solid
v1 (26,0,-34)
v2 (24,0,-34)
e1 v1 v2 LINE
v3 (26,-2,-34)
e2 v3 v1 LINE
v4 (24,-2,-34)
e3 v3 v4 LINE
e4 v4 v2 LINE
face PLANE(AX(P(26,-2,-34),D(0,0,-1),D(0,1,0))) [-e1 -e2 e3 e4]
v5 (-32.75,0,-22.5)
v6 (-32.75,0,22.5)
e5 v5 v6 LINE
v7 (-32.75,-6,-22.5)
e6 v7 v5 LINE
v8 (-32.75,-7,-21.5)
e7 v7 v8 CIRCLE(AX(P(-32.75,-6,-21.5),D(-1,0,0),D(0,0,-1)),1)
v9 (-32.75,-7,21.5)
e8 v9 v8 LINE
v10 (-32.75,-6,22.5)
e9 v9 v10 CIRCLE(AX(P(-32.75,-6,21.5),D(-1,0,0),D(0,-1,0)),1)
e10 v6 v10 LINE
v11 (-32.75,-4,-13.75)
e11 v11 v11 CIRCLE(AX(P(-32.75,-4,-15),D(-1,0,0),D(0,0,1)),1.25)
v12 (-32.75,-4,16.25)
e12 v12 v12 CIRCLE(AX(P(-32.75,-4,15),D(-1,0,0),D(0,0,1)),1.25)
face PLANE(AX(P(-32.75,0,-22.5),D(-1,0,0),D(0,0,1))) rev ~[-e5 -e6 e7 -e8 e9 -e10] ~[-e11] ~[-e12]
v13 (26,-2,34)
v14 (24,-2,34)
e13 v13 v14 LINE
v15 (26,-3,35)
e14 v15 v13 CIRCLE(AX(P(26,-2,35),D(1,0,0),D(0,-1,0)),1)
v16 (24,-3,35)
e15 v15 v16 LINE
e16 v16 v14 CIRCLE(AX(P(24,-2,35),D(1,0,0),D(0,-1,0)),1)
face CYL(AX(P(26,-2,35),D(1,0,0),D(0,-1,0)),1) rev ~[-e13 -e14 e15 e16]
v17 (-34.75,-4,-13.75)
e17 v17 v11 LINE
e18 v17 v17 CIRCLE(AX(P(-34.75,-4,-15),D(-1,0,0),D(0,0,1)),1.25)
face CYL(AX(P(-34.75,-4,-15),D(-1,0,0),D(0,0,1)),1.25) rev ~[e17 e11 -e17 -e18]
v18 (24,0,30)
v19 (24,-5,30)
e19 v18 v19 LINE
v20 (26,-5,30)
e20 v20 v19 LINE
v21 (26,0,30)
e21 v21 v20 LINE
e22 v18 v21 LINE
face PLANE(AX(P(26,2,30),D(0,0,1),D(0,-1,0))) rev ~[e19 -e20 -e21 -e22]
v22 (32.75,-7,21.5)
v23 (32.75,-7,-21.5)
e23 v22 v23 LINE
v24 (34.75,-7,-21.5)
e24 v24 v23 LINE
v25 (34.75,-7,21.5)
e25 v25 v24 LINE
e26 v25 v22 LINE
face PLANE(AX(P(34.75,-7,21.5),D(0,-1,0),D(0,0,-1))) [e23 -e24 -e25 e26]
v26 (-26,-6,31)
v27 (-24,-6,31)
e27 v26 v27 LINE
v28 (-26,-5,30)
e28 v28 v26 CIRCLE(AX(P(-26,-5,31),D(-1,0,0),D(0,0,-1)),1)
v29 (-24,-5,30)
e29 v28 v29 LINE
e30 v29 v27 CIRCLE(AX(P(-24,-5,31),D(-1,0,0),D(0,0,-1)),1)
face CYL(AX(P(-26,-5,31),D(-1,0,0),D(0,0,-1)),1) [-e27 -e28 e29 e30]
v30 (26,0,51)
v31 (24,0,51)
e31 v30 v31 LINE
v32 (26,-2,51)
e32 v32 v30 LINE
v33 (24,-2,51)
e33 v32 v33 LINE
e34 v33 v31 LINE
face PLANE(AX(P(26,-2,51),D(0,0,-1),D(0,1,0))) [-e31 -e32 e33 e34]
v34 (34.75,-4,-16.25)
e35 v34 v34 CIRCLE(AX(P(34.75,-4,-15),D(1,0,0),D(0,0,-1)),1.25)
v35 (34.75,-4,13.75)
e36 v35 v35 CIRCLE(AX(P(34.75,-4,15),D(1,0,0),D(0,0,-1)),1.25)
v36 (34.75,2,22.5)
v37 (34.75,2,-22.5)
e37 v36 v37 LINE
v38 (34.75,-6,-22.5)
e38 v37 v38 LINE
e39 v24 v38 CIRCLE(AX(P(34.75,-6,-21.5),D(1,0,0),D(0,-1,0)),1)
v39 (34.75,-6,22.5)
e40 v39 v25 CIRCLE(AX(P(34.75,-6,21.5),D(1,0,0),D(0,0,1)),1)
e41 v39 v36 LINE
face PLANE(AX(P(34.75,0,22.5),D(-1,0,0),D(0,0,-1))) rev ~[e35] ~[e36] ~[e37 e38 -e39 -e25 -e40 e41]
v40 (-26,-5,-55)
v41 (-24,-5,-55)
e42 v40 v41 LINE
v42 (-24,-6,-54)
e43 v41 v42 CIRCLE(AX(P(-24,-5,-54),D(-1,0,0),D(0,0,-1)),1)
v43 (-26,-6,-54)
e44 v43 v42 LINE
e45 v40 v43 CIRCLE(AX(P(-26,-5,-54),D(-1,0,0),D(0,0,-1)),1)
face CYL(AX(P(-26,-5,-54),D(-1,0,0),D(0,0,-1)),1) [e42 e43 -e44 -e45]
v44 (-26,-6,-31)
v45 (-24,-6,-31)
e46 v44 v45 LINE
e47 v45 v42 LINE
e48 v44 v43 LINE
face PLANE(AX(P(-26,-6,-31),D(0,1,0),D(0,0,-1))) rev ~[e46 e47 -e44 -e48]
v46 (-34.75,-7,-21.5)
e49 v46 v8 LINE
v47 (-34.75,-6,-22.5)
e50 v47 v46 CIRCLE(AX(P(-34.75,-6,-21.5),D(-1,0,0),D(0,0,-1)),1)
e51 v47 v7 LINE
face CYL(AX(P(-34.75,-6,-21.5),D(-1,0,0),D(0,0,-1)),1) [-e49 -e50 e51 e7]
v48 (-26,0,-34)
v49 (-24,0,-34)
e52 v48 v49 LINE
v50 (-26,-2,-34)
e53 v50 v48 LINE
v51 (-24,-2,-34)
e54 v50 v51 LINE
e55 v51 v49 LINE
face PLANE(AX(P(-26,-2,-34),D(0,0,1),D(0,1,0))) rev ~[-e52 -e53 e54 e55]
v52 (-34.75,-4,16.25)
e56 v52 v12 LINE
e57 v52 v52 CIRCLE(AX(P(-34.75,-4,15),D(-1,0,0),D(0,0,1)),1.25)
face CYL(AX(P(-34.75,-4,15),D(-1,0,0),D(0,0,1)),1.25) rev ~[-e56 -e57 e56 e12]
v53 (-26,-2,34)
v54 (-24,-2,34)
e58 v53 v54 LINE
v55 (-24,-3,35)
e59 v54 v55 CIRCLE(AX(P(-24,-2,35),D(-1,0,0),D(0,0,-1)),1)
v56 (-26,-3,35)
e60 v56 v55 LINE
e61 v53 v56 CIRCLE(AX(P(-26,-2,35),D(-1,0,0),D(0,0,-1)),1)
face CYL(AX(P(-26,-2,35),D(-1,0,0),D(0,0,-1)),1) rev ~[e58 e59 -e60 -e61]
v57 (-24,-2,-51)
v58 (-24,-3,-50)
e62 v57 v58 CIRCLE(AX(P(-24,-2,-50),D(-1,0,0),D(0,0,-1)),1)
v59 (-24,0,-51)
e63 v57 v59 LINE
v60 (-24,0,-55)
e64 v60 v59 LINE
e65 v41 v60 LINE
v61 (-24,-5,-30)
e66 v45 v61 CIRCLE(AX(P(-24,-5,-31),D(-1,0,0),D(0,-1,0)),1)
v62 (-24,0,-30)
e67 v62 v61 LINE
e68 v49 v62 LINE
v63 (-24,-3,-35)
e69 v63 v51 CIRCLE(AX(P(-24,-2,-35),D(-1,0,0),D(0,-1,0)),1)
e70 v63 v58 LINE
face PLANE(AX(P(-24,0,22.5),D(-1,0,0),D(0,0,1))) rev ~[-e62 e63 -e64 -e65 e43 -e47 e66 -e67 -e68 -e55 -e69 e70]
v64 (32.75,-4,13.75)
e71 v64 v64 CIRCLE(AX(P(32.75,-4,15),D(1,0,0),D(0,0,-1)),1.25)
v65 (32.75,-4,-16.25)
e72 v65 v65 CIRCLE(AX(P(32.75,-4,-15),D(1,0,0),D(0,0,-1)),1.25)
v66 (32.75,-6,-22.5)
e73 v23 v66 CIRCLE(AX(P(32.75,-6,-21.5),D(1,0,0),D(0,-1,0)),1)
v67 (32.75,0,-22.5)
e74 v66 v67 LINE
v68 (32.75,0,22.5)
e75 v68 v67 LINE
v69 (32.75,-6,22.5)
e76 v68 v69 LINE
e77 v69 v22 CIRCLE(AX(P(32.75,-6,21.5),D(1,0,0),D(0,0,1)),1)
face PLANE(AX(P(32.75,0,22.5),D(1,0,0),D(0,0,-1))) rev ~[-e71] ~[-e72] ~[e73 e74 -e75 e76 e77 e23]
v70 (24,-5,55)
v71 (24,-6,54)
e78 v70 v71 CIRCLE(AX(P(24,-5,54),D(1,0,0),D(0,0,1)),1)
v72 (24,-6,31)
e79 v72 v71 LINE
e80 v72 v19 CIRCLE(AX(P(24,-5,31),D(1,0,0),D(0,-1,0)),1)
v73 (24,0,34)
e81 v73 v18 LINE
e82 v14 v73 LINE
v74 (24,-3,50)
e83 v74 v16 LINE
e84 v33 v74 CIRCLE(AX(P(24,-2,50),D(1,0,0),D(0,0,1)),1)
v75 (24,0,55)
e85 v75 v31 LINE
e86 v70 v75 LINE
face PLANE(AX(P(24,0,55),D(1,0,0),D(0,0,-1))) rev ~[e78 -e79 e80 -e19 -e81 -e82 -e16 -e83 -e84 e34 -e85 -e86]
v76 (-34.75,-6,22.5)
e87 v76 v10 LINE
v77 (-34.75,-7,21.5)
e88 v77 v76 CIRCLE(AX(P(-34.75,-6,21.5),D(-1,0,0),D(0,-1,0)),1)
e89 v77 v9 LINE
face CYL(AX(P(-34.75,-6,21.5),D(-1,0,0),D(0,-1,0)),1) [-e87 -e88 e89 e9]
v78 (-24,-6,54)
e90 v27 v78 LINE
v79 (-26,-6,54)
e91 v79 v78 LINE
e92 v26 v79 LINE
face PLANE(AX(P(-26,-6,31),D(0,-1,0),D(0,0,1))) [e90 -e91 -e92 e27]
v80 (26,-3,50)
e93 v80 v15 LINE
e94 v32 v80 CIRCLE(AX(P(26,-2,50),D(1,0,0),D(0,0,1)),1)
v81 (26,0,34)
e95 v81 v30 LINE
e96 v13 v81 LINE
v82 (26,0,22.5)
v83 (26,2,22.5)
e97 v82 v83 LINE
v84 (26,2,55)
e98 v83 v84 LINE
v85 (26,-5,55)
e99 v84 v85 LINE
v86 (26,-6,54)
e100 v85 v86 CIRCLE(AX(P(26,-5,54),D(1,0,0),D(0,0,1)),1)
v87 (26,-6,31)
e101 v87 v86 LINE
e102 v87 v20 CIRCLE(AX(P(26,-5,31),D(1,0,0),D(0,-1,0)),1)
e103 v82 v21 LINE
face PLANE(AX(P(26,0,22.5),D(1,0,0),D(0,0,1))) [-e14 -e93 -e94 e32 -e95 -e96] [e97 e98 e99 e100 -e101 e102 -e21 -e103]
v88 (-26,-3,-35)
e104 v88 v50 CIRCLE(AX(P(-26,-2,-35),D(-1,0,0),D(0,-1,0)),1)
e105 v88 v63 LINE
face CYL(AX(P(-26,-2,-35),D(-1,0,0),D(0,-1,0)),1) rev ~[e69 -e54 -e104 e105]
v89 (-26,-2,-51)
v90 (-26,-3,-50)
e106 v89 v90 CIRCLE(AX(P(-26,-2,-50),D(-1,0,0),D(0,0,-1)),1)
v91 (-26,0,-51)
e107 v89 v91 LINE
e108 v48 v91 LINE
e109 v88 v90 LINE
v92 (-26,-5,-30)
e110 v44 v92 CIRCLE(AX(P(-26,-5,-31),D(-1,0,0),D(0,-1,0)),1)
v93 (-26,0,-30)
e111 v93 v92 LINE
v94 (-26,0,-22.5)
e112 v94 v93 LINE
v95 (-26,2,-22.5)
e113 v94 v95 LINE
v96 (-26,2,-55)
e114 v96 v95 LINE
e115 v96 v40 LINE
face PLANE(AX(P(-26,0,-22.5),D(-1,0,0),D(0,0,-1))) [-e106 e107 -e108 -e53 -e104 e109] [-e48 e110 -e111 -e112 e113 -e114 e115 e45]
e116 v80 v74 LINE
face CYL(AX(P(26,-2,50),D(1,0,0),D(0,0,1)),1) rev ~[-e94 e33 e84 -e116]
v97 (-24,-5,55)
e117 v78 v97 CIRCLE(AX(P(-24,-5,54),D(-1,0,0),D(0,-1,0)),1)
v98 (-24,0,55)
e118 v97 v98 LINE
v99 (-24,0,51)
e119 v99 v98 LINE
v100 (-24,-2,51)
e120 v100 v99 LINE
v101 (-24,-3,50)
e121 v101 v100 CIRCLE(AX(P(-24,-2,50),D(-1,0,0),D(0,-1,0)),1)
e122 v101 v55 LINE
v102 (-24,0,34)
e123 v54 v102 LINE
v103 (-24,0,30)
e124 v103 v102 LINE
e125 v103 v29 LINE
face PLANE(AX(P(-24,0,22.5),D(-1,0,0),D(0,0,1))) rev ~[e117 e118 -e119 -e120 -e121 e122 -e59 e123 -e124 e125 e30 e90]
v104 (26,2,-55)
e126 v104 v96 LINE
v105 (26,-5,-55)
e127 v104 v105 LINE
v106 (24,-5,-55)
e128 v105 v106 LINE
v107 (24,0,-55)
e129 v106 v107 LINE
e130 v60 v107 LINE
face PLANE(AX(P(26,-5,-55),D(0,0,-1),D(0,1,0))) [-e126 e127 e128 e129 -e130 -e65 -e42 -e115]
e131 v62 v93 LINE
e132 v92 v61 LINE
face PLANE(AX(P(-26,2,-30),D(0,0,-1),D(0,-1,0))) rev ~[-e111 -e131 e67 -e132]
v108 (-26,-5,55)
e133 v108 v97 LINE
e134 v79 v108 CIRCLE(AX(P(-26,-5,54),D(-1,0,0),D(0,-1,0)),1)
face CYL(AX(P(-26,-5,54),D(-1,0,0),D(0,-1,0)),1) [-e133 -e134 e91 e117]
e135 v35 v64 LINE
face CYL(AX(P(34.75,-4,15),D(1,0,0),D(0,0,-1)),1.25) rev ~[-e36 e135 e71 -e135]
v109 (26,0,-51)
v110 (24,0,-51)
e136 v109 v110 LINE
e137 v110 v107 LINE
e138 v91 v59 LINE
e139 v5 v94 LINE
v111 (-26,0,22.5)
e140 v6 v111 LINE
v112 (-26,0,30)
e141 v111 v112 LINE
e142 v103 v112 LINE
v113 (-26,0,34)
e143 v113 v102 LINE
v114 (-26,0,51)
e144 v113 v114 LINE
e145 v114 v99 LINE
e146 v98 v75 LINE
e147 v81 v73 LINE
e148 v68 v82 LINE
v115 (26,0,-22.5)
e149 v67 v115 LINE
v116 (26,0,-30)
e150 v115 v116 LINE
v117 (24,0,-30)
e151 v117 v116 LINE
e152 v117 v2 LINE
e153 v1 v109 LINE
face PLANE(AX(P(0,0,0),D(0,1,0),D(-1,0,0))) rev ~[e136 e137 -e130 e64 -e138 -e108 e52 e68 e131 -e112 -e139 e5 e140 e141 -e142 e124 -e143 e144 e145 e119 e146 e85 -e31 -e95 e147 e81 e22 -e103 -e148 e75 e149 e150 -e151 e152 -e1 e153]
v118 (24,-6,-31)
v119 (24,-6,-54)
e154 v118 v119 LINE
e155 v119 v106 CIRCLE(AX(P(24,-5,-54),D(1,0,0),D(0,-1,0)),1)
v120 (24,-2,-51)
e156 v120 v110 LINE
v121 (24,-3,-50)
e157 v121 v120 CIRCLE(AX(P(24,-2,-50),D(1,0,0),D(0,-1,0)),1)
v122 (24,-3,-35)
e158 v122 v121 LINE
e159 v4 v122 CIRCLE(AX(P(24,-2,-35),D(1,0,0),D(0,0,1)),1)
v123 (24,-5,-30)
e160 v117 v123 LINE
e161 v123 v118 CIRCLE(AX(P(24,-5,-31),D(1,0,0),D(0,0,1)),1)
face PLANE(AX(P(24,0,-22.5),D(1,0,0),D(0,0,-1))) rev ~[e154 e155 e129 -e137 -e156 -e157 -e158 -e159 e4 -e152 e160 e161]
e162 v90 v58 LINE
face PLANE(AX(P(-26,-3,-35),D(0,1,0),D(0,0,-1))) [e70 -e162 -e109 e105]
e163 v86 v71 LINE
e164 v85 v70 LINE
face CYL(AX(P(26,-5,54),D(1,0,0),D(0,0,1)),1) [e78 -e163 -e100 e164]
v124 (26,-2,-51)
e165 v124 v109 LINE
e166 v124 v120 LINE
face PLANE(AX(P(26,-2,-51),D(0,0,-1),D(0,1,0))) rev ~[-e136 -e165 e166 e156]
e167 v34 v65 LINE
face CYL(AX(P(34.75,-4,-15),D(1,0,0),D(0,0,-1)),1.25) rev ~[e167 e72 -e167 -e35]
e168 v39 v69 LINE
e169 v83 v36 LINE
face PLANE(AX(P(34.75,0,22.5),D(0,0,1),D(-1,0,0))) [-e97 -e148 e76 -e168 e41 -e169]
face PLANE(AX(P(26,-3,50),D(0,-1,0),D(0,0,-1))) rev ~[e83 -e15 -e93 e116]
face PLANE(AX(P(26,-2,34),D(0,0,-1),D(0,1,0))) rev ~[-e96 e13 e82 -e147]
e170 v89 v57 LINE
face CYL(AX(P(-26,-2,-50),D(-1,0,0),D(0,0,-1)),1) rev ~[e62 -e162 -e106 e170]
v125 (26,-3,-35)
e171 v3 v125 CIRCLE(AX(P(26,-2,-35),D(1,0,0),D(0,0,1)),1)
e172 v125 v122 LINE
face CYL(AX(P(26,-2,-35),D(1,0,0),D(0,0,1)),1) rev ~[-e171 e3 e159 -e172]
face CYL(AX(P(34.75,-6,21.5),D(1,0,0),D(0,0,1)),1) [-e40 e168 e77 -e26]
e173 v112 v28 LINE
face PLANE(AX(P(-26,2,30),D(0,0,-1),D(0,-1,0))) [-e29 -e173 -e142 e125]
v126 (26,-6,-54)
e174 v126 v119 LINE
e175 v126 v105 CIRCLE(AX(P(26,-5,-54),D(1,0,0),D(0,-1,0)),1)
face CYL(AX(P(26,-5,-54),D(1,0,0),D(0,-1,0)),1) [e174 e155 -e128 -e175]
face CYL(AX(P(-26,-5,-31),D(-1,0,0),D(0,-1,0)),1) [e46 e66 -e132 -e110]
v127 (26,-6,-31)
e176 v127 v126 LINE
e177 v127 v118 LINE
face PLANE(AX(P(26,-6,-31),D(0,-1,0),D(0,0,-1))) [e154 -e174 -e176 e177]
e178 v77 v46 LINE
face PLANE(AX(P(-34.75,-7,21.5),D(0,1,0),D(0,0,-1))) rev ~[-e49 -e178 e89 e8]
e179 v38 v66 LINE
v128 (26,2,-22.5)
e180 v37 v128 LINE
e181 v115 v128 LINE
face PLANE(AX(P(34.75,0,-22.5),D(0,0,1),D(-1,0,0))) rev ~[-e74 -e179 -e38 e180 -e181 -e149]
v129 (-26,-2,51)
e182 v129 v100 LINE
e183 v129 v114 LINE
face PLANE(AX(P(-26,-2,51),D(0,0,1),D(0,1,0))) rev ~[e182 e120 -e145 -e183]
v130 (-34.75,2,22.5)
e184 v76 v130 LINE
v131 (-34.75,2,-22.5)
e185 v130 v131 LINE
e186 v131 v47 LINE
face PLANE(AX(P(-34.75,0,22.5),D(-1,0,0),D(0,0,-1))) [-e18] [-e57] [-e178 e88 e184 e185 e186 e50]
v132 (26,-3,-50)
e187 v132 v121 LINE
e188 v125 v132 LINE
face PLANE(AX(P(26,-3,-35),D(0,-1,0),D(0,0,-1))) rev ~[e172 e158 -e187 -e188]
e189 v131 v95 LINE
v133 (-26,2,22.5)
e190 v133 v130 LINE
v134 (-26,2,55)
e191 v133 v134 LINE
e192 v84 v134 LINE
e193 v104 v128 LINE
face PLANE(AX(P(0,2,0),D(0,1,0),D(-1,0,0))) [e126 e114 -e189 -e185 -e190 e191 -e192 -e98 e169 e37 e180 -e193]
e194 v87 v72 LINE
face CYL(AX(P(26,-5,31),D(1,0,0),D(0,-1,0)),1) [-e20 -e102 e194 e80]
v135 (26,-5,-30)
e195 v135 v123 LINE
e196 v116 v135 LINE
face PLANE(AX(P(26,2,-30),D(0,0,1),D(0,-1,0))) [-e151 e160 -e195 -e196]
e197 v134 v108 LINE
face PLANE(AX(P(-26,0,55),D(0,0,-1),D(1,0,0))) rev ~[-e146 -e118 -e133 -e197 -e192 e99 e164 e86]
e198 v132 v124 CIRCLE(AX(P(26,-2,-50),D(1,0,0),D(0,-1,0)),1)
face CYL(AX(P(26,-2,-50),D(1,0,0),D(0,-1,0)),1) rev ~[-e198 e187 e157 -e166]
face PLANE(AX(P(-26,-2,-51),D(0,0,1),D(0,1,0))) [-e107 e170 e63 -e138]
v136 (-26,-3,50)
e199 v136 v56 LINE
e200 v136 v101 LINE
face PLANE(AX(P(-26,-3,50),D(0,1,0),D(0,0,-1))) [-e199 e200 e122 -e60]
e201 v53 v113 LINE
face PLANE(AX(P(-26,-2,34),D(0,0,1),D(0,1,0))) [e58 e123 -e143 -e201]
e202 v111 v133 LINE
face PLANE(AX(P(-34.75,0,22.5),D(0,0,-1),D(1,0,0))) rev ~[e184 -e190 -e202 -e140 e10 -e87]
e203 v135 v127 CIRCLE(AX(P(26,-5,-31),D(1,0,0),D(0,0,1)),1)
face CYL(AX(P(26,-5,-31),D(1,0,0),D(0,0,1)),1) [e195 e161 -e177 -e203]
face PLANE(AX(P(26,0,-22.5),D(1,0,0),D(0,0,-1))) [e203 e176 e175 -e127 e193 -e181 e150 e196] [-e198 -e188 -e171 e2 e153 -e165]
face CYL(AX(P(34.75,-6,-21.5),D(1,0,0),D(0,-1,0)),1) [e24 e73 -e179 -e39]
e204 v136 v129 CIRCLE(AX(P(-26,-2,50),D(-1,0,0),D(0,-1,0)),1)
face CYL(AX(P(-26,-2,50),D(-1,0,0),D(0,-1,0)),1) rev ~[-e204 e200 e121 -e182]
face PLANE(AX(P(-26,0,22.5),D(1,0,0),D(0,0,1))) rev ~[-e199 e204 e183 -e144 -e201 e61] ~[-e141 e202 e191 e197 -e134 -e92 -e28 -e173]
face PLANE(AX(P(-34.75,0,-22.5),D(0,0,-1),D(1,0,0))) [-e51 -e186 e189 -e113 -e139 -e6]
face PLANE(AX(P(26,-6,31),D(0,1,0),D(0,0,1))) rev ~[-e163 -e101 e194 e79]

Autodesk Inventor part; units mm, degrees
ref_plane "YZ Plane" through (0, 0, 0) normal (1, 0, 0) x (0, 1, 0)
ref_plane "XZ Plane" through (0, 0, 0) normal (0, 1, 0) x (-1, 0, 0)
ref_plane "XY Plane" through (0, 0, 0) normal (0, 0, 1) x (1, 0, 0)
sketch "Sketch1" plane through (0, 0, 0) normal (0, 1, 0) x (-1, 0, 0)
  line L0 (34.75, 22.5) -> (34.75, -22.5)
  line L1 (-34.75, 22.5) -> (-34.75, -22.5)
  line L2 (34.75, -22.5) -> (26, -22.5)
  line L3 (-34.75, -22.5) -> (-26, -22.5)
  line L4 (34.75, 22.5) -> (26, 22.5)
  line L5 (-34.75, 22.5) -> (-26, 22.5)
  line L6 (-26, -22.5) -> (-26, -55)
  line L7 (26, -22.5) -> (26, -55)
  line L8 (26, 22.5) -> (26, 55)
  line L9 (-26, 22.5) -> (-26, 55)
  line L10 (26, 55) -> (-26, 55)
  line L11 (26, -55) -> (-26, -55)
  point P0 (0, 0)
  dimension "d0" = 45
  dimension "d1" = 34.75
  dimension "d2" = 22.5
  dimension "d3" = 45
  dimension "d4" = 34.75
  dimension "d5" = 22.5
  dimension "d6" = 8.75
  dimension "d7" = 8.75
  dimension "d8" = 8.75
  dimension "d9" = 8.75
  dimension "d10" = 32.5
  dimension "d11" = 32.5
  dimension "d12" = 32.5
  dimension "d13" = 32.5
extrude "Extrusion1" add sketch "Sketch1" along normal blind 2
sketch "Sketch2" plane through (34.75, 0, 22.5) normal (1, 0, 0) x (0, 0, -1)
  line L0 (45, 2) -> (77.5, 2) projected
  line L1 (45, 2) -> (0, 2) projected
  line L2 (45, 2) -> (0, 2)
  line L3 (0, 2) -> (0, -6)
  line L4 (1, -7) -> (44, -7)
  line L5 (45, -6) -> (45, 2)
  line L6 (7.5, -4) -> (37.5, -4) construction
  circle A0 centre (7.5, -4) radius 1.25
  circle A1 centre (37.5, -4) radius 1.25
  arc A2 (0, -6) -> (1, -7) centre (1, -6) ccw
  arc A3 (44, -7) -> (45, -6) centre (44, -6) ccw
  point P0 (22.5, 0)
  point P1 (0, -7)
  point P2 (45, -7)
  dimension "d16" = 9
  dimension "d17" = 45
  dimension "d18" = 30
  dimension "d19" = 3
  dimension "d20" = 7.5
  dimension "d21" = 2.5
  dimension "d22" = 2.5
  dimension "d23" = 1
  dimension "d24" = 1
extrude "Extrusion2" add sketch "Sketch2" against normal blind 2
sketch "Sketch3" plane through (-34.75, 0, -22.5) normal (-1, 0, 0) x (0, 0, 1)
  line L0 (-32.5, 2) -> (0, 2) projected
  line L1 (0, 2) -> (45, 2)
  line L2 (45, 2) -> (45, -6)
  line L3 (44, -7) -> (1, -7)
  line L4 (0, -6) -> (0, 2)
  circle A0 centre (37.5, -4) radius 1.25 projected
  circle A1 centre (37.5, -4) radius 1.25
  circle A2 centre (7.5, -4) radius 1.25 projected
  circle A3 centre (7.5, -4) radius 1.25
  arc A4 (0, -6) -> (1, -7) centre (1, -6) ccw
  arc A5 (44, -7) -> (45, -6) centre (44, -6) ccw
  point P0 (22.5, 0)
  point P1 (45, -7)
  point P2 (0, -7)
  dimension "d27" = 45
  dimension "d28" = 9
  dimension "d29" = 1
extrude "Extrusion3" add sketch "Sketch3" against normal blind 2
sketch "Sketch4" plane through (26, 0, -22.5) normal (1, 0, 0) x (0, 0, -1)
  line L0 (32.5, 2) -> (0, 2) projected
  line L1 (7.5, 2) -> (7.5, -5)
  line L2 (8.5, -6) -> (31.5, -6)
  line L3 (32.5, -5) -> (32.5, 2)
  line L4 (12.5, -3) -> (27.5, -3)
  line L5 (11.5, -2) -> (11.5, 2)
  line L6 (28.5, -2) -> (28.5, 2)
  line L7 (32.5, 2) -> (28.5, 2)
  line L8 (11.5, 2) -> (7.5, 2)
  arc A0 (7.5, -5) -> (8.5, -6) centre (8.5, -5) ccw
  arc A1 (11.5, -2) -> (12.5, -3) centre (12.5, -2) ccw
  arc A2 (27.5, -3) -> (28.5, -2) centre (27.5, -2) ccw
  arc A3 (31.5, -6) -> (32.5, -5) centre (31.5, -5) ccw
  point P0 (-22.5, 0)
  point P1 (7.5, -6)
  point P2 (32.5, -6)
  point P3 (11.5, -3)
  point P4 (28.5, -3)
  dimension "d32" = 25
  dimension "d33" = 8
  dimension "d34" = 17
  dimension "d35" = 4
  dimension "d36" = 3
  dimension "d37" = 8
  dimension "d38" = 1
extrude "Extrusion4" add sketch "Sketch4" against normal blind 2 contours L3 A3 L2 A0 L1 L0 L5 A1 L4 A2 L6
sketch "Sketch5" plane through (26, 0, 55) normal (1, 0, 0) x (0, 0, -1)
  line L0 (0, 2) -> (32.5, 2) projected
  line L1 (25, 2) -> (25, -5)
  line L2 (24, -6) -> (1, -6)
  line L3 (0, -5) -> (0, 2)
  line L4 (5, -3) -> (20, -3)
  line L5 (4, -2) -> (4, 2)
  line L6 (21, -2) -> (21, 2)
  line L7 (0, 2) -> (4, 2)
  line L8 (21, 2) -> (25, 2)
  arc A0 (0, -5) -> (1, -6) centre (1, -5) ccw
  arc A1 (24, -6) -> (25, -5) centre (24, -5) ccw
  arc A2 (4, -2) -> (5, -3) centre (5, -2) ccw
  arc A3 (20, -3) -> (21, -2) centre (20, -2) ccw
  point P0 (55, 0)
  point P1 (25, -6)
  point P2 (0, -6)
  point P3 (4, -3)
  point P4 (21, -3)
  dimension "d41" = 25
  dimension "d42" = 8
  dimension "d43" = 17
  dimension "d44" = 5
  dimension "d45" = 4
  dimension "d46" = 8
  dimension "d47" = 1
  dimension "d65" = 1
extrude "Extrusion5" add sketch "Sketch5" against normal blind 2 contours L0 L5 A2 L4 A3 L6 L1 A1 L2 A0 L3
sketch "Sketch6" plane through (-26, 0, 22.5) normal (-1, 0, 0) x (0, 0, 1)
  line L0 (32.5, 0) -> (32.5, 2) projected
  line L1 (32.5, 2) -> (7.5, 2) construction
  line L2 (7.5, 2) -> (7.5, -5)
  line L3 (8.5, -6) -> (31.5, -6)
  line L4 (32.5, -5) -> (32.5, 2)
  line L5 (27.5, -3) -> (12.5, -3)
  line L6 (28.5, -2) -> (28.5, 2)
  line L7 (0, 2) -> (32.5, 2) projected
  line L8 (11.5, -2) -> (11.5, 2)
  line L9 (32.5, 2) -> (28.5, 2)
  line L10 (11.5, 2) -> (7.5, 2)
  arc A0 (31.5, -6) -> (32.5, -5) centre (31.5, -5) ccw
  arc A1 (7.5, -5) -> (8.5, -6) centre (8.5, -5) ccw
  arc A2 (11.5, -2) -> (12.5, -3) centre (12.5, -2) ccw
  arc A3 (27.5, -3) -> (28.5, -2) centre (27.5, -2) ccw
  line L11 (-77.5, 2) -> (-45, 2) construction
  line L12 (-77.5, 2) -> (-52.5, 2) construction
  line L13 (-52.5, 2) -> (-52.5, -5)
  line L14 (-53.5, -6) -> (-76.5, -6)
  line L15 (-77.5, -5) -> (-77.5, 2)
  line L16 (-57.5, -3) -> (-72.5, -3)
  line L17 (-56.5, -2) -> (-56.5, 2)
  line L18 (-73.5, -2) -> (-73.5, 2)
  line L19 (-52.5, 2) -> (-56.5, 2)
  line L20 (-73.5, 2) -> (-77.5, 2)
  arc A4 (-53.5, -6) -> (-52.5, -5) centre (-53.5, -5) ccw
  arc A5 (-57.5, -3) -> (-56.5, -2) centre (-57.5, -2) ccw
  arc A6 (-73.5, -2) -> (-72.5, -3) centre (-72.5, -2) ccw
  arc A7 (-77.5, -5) -> (-76.5, -6) centre (-76.5, -5) ccw
  point P0 (-22.5, 0)
  point P1 (7.5, -6)
  point P2 (32.5, -6)
  point P3 (28.5, -3)
  point P4 (11.5, -3)
  point P5 (-52.5, -6)
  point P6 (-77.5, -6)
  point P7 (-56.5, -3)
  point P8 (-73.5, -3)
  dimension "d50" = 25
  dimension "d51" = 8
  dimension "d52" = 17
  dimension "d53" = 4
  dimension "d54" = 3
  dimension "d55" = 1
  dimension "d56" = 1
  dimension "d57" = 1
  dimension "d58" = 1
  dimension "d59" = 25
  dimension "d60" = 8
  dimension "d61" = 17
  dimension "d62" = 4
  dimension "d63" = 3
  dimension "d64" = 1
extrude "Extrusion6" add sketch "Sketch6" against normal blind 2 contours L4 A0 L3 A1 L2 L7 L8 A2 L5 A3 L6 L0 | L13 A4 L14 A7 L15 L20 L18 A6 L16 A5 L17 L19
properties part number "RCT-H112_stick_battery_plate"
